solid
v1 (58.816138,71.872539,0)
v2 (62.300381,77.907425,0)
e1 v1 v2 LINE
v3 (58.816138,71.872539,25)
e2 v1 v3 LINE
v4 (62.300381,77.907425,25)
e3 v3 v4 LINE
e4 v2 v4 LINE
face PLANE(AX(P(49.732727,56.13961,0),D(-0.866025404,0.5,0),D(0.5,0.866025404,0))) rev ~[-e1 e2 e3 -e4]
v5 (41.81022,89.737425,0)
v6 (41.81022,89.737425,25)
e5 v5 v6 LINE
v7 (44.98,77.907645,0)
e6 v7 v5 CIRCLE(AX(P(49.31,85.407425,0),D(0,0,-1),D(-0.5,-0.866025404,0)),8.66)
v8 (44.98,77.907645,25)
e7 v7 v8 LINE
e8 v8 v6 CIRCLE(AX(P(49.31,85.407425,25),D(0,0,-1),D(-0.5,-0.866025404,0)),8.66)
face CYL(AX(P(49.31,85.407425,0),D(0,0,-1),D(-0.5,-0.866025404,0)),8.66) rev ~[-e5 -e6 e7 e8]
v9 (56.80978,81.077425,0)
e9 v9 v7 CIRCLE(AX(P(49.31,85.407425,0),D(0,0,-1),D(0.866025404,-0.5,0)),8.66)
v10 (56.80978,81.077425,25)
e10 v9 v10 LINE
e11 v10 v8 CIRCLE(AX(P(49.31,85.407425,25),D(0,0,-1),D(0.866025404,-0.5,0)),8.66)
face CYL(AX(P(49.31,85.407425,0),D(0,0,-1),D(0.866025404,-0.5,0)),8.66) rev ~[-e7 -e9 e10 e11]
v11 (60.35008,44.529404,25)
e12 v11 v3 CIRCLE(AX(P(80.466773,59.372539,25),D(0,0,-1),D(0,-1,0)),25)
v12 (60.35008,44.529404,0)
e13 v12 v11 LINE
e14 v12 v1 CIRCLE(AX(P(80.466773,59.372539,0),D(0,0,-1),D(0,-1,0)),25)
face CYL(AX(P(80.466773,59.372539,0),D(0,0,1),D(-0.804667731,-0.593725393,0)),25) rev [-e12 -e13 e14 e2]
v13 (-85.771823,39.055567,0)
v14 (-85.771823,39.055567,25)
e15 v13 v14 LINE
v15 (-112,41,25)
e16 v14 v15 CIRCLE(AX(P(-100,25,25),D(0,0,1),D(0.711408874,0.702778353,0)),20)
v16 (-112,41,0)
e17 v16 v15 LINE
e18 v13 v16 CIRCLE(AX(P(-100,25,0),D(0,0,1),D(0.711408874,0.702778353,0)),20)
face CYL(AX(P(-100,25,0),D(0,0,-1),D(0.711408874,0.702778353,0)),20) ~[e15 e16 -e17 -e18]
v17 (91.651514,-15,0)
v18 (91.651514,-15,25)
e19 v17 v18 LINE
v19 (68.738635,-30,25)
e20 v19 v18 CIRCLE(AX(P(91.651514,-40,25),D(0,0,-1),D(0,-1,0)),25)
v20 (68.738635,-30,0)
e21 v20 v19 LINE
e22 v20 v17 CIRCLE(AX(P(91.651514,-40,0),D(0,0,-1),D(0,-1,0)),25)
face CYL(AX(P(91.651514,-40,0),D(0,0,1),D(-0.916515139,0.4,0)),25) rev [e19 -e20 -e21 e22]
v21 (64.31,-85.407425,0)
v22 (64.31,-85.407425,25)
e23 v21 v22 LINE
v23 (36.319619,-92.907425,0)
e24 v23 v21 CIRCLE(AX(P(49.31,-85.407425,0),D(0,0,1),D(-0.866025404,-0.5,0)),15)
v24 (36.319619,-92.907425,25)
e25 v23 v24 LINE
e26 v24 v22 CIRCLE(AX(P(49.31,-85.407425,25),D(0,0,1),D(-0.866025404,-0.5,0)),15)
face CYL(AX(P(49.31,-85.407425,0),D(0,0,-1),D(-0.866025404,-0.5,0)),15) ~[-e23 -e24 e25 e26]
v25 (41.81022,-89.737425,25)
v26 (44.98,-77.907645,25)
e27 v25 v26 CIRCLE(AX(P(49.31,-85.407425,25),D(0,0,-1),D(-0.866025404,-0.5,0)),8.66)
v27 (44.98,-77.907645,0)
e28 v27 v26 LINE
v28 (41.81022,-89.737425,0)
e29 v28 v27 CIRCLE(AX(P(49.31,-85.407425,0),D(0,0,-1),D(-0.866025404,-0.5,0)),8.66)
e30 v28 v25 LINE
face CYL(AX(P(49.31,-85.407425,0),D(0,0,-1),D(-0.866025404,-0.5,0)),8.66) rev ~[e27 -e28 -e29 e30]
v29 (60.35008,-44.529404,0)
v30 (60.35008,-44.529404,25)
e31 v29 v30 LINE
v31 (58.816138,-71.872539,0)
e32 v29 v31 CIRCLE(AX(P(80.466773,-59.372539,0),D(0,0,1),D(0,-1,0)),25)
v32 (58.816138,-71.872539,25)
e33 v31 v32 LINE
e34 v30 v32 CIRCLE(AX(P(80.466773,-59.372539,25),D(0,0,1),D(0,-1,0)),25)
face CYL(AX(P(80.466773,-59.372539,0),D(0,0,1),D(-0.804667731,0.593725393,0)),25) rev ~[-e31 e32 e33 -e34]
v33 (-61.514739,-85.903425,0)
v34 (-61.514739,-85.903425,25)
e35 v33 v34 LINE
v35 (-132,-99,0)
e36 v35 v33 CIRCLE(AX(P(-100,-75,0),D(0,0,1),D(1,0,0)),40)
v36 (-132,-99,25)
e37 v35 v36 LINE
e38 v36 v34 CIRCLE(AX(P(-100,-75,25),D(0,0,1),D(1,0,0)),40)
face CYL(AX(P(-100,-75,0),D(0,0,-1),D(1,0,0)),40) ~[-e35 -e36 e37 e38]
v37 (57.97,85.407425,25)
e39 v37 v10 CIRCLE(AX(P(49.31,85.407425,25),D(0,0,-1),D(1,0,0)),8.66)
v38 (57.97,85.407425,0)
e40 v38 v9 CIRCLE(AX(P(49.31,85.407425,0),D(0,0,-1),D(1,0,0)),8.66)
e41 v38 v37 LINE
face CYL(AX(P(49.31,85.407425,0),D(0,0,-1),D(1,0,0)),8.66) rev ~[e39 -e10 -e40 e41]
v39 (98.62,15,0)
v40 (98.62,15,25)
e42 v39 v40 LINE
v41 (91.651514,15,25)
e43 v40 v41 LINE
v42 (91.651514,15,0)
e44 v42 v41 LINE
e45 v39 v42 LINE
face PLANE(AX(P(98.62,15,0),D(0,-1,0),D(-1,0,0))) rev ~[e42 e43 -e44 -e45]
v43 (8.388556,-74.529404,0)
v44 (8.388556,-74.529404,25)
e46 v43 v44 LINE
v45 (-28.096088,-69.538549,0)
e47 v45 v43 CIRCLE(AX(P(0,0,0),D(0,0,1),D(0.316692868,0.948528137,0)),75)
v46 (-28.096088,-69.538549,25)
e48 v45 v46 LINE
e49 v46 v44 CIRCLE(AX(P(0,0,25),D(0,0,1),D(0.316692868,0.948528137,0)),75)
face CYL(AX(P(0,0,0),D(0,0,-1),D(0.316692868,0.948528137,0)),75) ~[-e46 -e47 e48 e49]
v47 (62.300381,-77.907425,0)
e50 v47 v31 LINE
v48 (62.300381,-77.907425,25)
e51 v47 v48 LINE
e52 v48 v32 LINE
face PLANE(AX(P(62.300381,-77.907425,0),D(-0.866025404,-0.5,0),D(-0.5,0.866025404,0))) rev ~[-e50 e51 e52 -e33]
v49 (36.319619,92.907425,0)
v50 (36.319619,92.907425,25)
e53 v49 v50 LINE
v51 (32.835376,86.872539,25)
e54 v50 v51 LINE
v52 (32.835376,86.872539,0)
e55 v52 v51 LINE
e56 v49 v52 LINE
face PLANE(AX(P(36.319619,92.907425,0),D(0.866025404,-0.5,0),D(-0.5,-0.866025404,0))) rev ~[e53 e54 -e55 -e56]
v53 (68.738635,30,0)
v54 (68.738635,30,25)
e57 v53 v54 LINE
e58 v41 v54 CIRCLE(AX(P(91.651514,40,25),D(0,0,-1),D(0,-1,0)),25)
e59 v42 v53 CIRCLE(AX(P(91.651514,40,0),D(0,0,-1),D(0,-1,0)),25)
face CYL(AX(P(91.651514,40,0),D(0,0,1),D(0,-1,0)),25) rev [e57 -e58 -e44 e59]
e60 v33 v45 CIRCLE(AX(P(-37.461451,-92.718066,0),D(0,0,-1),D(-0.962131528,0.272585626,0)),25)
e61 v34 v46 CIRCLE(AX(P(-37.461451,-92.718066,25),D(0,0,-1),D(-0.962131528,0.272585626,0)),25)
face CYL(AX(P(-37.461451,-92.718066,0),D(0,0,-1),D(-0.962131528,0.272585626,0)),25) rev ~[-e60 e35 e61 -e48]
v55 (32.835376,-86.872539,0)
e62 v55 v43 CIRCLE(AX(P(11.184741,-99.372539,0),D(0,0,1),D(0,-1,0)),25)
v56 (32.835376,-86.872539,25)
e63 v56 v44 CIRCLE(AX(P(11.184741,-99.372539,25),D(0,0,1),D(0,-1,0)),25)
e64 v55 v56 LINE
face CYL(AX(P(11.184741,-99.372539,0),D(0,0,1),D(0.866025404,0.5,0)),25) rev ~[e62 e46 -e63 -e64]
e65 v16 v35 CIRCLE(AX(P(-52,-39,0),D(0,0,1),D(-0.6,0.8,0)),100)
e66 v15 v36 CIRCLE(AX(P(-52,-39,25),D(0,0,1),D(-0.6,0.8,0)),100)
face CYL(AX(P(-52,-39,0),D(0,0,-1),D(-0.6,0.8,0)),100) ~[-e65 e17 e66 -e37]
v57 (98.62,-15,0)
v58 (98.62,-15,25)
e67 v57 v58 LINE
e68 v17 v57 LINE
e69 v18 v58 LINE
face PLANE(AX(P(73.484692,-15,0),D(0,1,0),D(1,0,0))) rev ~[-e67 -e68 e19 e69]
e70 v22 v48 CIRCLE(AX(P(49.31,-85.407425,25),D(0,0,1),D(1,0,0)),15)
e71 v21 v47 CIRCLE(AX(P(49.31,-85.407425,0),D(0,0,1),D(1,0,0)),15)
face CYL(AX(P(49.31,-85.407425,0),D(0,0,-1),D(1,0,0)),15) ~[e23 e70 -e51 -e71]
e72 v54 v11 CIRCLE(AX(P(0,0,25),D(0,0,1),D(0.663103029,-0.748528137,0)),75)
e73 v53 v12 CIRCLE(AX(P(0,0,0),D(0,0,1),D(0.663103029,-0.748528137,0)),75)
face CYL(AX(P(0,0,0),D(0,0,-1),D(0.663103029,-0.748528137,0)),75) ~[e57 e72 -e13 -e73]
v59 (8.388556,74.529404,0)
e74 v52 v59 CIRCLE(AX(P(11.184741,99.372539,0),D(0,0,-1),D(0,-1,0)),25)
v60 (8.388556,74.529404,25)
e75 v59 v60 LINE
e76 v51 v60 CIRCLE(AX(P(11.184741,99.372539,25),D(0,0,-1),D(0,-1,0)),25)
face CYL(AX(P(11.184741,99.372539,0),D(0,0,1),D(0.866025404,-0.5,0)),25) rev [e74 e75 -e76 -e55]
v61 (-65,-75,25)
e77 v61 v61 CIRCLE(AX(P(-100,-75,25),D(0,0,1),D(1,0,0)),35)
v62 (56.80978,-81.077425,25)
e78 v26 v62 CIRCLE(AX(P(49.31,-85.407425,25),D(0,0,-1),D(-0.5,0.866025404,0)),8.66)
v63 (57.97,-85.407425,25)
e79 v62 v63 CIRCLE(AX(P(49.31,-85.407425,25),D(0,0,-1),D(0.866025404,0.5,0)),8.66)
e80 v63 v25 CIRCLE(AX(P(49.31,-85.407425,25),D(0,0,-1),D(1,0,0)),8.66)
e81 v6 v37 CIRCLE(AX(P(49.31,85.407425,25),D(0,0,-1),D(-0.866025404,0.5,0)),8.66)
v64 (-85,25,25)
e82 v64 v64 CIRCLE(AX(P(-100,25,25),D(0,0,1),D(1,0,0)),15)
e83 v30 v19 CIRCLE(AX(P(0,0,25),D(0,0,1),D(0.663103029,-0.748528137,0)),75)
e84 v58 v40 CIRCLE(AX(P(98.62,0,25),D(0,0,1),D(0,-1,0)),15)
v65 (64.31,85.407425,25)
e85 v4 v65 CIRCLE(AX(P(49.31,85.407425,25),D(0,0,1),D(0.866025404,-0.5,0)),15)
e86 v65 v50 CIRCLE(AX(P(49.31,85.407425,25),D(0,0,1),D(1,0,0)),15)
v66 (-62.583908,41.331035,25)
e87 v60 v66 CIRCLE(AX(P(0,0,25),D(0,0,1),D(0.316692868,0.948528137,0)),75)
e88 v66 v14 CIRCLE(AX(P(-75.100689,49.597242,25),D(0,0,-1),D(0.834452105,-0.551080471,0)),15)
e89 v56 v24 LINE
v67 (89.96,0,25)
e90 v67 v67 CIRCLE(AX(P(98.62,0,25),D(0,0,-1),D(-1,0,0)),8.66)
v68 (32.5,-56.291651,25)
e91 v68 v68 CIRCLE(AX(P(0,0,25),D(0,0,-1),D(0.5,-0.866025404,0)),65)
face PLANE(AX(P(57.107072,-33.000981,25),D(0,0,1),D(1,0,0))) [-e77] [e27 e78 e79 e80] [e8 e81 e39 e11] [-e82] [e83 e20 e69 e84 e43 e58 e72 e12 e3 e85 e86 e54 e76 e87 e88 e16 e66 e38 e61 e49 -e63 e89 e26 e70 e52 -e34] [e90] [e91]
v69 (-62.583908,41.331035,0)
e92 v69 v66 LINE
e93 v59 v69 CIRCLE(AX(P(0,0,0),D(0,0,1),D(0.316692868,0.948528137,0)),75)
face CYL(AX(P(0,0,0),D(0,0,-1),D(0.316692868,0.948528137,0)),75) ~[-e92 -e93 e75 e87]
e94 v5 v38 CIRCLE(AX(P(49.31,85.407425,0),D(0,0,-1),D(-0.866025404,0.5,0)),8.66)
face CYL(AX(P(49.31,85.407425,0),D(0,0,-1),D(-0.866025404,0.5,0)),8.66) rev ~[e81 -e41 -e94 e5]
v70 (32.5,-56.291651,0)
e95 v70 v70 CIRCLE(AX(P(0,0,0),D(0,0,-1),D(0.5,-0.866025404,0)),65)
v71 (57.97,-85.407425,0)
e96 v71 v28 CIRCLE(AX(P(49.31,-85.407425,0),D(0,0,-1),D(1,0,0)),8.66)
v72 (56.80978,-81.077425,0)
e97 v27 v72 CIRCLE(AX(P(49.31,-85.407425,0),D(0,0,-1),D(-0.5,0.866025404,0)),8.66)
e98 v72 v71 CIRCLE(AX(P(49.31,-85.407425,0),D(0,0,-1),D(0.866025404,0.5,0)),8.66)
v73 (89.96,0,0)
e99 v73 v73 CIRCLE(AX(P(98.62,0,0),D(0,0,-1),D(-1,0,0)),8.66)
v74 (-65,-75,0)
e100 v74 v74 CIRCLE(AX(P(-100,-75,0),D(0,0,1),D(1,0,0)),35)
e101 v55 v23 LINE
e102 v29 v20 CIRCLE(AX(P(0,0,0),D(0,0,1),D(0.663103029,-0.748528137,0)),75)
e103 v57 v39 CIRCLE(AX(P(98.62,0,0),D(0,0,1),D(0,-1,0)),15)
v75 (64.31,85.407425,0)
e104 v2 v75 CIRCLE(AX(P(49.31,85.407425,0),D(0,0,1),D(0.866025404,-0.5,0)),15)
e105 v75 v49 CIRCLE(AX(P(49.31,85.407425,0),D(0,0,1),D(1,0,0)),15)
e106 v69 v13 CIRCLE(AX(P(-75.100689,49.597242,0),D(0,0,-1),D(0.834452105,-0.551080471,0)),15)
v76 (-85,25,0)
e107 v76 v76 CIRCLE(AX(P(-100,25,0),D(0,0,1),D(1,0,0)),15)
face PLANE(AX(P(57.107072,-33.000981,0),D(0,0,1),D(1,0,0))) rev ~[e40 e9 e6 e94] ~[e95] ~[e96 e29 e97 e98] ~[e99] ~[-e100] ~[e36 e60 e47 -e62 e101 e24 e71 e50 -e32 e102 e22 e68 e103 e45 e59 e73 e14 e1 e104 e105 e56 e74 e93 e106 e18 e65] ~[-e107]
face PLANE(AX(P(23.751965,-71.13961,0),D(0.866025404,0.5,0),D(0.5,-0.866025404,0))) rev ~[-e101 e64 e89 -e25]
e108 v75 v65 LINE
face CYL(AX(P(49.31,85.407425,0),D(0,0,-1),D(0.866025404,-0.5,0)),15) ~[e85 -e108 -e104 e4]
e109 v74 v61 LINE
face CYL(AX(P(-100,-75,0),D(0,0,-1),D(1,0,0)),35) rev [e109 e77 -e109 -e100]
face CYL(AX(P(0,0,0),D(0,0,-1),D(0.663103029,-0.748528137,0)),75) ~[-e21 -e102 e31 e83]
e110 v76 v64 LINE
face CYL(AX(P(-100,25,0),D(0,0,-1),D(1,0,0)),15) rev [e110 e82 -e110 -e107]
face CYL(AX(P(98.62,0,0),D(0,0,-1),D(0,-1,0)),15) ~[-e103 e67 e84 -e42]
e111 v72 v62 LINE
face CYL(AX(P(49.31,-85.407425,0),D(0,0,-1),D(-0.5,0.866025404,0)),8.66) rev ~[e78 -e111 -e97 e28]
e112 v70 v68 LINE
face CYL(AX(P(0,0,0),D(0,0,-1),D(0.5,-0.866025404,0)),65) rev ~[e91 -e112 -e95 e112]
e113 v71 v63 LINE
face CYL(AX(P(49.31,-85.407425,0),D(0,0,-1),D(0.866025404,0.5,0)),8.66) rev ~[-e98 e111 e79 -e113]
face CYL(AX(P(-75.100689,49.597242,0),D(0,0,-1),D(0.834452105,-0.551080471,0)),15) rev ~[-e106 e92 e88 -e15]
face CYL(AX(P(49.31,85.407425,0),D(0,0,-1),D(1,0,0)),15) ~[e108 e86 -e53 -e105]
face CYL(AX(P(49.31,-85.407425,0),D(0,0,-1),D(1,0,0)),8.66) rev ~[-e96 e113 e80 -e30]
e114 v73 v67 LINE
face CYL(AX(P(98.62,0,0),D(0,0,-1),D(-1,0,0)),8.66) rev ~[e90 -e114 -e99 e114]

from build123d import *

# Parameters (mm, degrees)
F0_R     = 15
F0_R_2   = 35
F1_DEPTH = 25
F2_R     = 25


with BuildPart() as f1:
    # F0 (on Top) → F1 (new body)
    with BuildSketch(Plane.XY):
        with BuildLine():
            Line((75, 0), (65, 0))
            ThreePointArc((65, 0), (56.291651246, -32.5), (32.5, -56.291651246))
            Line((32.5, -56.291651246), (37.5, -64.9519052838))
            ThreePointArc((37.5, -64.9519052838), (43.838354318, -60.8539126983), (49.7327271985, -56.1396103068))
            ThreePointArc((49.7327271985, -56.1396103068), (64.9519052838, -37.5), (73.4846922835, -15))
            ThreePointArc((73.4846922835, -15), (74.6202114754, -7.5381721504), (75, 0))
        make_face()
        with BuildLine():
            ThreePointArc((32.5, 56.291651246), (56.291651246, 32.5), (65, 0))
            Line((65, 0), (75, 0))
            ThreePointArc((75, 0), (74.6202114754, 7.5381721504), (73.4846922835, 15))
            ThreePointArc((73.4846922835, 15), (64.9519052838, 37.5), (49.7327271985, 56.1396103068))
            ThreePointArc((49.7327271985, 56.1396103068), (43.838354318, 60.8539126983), (37.5, 64.9519052838))
            Line((37.5, 64.9519052838), (32.5, 56.291651246))
        make_face()
        with BuildLine():
            ThreePointArc((-65, 0), (-32.5, 56.291651246), (32.5, 56.291651246))
            Line((32.5, 56.291651246), (37.5, 64.9519052838))
            ThreePointArc((37.5, 64.9519052838), (30.7818571574, 68.3920848486), (23.751965085, 71.1396103068))
            ThreePointArc((23.751965085, 71.1396103068), (-24.4768815504, 70.8934571704), (-62.5839078402, 41.3310353058))
            ThreePointArc((-62.5839078402, 41.3310353058), (-71.8289394604, 21.5778464169), (-75, 0))
            Line((-75, 0), (-65, 0))
        make_face()
        with BuildLine():
            Line((37.5, -64.9519052838), (32.5, -56.291651246))
            ThreePointArc((32.5, -56.291651246), (-32.5, -56.291651246), (-65, 0))
            Line((-65, 0), (-75, 0))
            ThreePointArc((-75, 0), (-62.1779969221, -41.9392024096), (-28.0960880332, -69.5385492891))
            ThreePointArc((-28.0960880332, -69.5385492891), (-2.3148866372, -74.96426682), (23.751965085, -71.1396103068))
            ThreePointArc((23.751965085, -71.1396103068), (30.7818571574, -68.3920848486), (37.5, -64.9519052838))
        make_face()
        with BuildLine():
            Line((83.62, 0), (75, 0))
            ThreePointArc((75, 0), (74.6202114754, -7.5381721504), (73.4846922835, -15))
            Line((73.4846922835, -15), (98.62, -15))
            ThreePointArc((98.62, -15), (88.0133982822, -10.6066017178), (83.62, 0))
        make_face()
        with BuildLine():
            ThreePointArc((73.4846922835, 15), (74.6202114754, 7.5381721504), (75, 0))
            Line((75, 0), (83.62, 0))
            ThreePointArc((83.62, 0), (88.0133982822, 10.6066017178), (98.62, 15))
            Line((98.62, 15), (73.4846922835, 15))
        make_face()
        with BuildLine():
            Line((41.81, 72.4170442645), (37.5, 64.9519052838))
            ThreePointArc((37.5, 64.9519052838), (43.838354318, 60.8539126983), (49.7327271985, 56.1396103068))
            Line((49.7327271985, 56.1396103068), (62.3003810568, 77.9074253212))
            ThreePointArc((62.3003810568, 77.9074253212), (53.1922856765, 70.9185379269), (41.81, 72.4170442645))
        make_face()
        with BuildLine():
            ThreePointArc((23.751965085, 71.1396103068), (30.7818571574, 68.3920848486), (37.5, 64.9519052838))
            Line((37.5, 64.9519052838), (41.81, 72.4170442645))
            ThreePointArc((41.81, 72.4170442645), (34.8211126057, 81.5251396447), (36.3196189432, 92.9074253212))
            Line((36.3196189432, 92.9074253212), (23.751965085, 71.1396103068))
        make_face()
        with BuildLine():
            Line((41.81, -72.4170442645), (37.5, -64.9519052838))
            ThreePointArc((37.5, -64.9519052838), (30.7818571574, -68.3920848486), (23.751965085, -71.1396103068))
            Line((23.751965085, -71.1396103068), (36.3196189432, -92.9074253212))
            ThreePointArc((36.3196189432, -92.9074253212), (34.8211126057, -81.5251396447), (41.81, -72.4170442645))
        make_face()
        with BuildLine():
            ThreePointArc((49.7327271985, -56.1396103068), (43.838354318, -60.8539126983), (37.5, -64.9519052838))
            Line((37.5, -64.9519052838), (41.81, -72.4170442645))
            ThreePointArc((41.81, -72.4170442645), (53.1922856765, -70.9185379269), (62.3003810568, -77.9074253212))
            Line((62.3003810568, -77.9074253212), (49.7327271985, -56.1396103068))
        make_face()
        with BuildLine():
            ThreePointArc((98.62, 15), (88.0133982822, 10.6066017178), (83.62, 0))
            ThreePointArc((83.62, 0), (88.0133982822, -10.6066017178), (98.62, -15))
            ThreePointArc((98.62, -15), (109.2266017178, -10.6066017178), (113.62, 0))
            ThreePointArc((113.62, 0), (109.2266017178, 10.6066017178), (98.62, 15))
        make_face()
        with BuildLine():
            ThreePointArc((107.28, 0), (98.62, -8.66), (89.96, 0))
            ThreePointArc((89.96, 0), (98.62, 8.66), (107.28, 0))
        make_face(mode=Mode.SUBTRACT)
        with BuildLine():
            ThreePointArc((-28.0960880332, -69.5385492891), (-62.1779969221, -41.9392024096), (-75, 0))
            ThreePointArc((-75, 0), (-71.8289394604, 21.5778464169), (-62.5839078402, 41.3310353058))
            ThreePointArc((-62.5839078402, 41.3310353058), (-73.6357513606, 34.6689485422), (-85.771822519, 39.0555670668))
            ThreePointArc((-85.771822519, 39.0555670668), (-81.4991412413, 32.5972511601), (-80, 25))
            ThreePointArc((-80, 25), (-108.94427191, 7.11145618), (-112, 41))
            ThreePointArc((-112, 41), (-150.9949493661, -24.8578643763), (-132, -99))
            ThreePointArc((-132, -99), (-112.6491106407, -37.052668078), (-60, -75))
            ThreePointArc((-60, -75), (-60.3804944248, -80.5040692202), (-61.514738899, -85.9034250577))
            ThreePointArc((-61.514738899, -85.9034250577), (-48.4562712497, -70.2655843121), (-28.0960880332, -69.5385492891))
        make_face()
        with BuildLine():
            ThreePointArc((36.3196189432, 92.9074253212), (34.8211126057, 81.5251396447), (41.81, 72.4170442645))
            Line((41.81, 72.4170442645), (44.98, 77.9076453244))
            ThreePointArc((44.98, 77.9076453244), (40.9450823443, 83.1660523906), (41.8102200032, 89.7374253212))
            Line((41.8102200032, 89.7374253212), (36.3196189432, 92.9074253212))
        make_face()
        with BuildLine():
            Line((44.98, 77.9076453244), (41.81, 72.4170442645))
            ThreePointArc((41.81, 72.4170442645), (53.1922856765, 70.9185379269), (62.3003810568, 77.9074253212))
            Line((62.3003810568, 77.9074253212), (56.8097799968, 81.0774253212))
            ThreePointArc((56.8097799968, 81.0774253212), (51.5513729306, 77.0425076656), (44.98, 77.9076453244))
        make_face()
        with BuildLine():
            ThreePointArc((62.3003810568, -77.9074253212), (53.1922856765, -70.9185379269), (41.81, -72.4170442645))
            Line((41.81, -72.4170442645), (44.98, -77.9076453244))
            ThreePointArc((44.98, -77.9076453244), (51.5513729306, -77.0425076656), (56.8097799968, -81.0774253212))
            Line((56.8097799968, -81.0774253212), (62.3003810568, -77.9074253212))
        make_face()
        with BuildLine():
            Line((44.98, -77.9076453244), (41.81, -72.4170442645))
            ThreePointArc((41.81, -72.4170442645), (34.8211126057, -81.5251396447), (36.3196189432, -92.9074253212))
            Line((36.3196189432, -92.9074253212), (41.8102200032, -89.7374253212))
            ThreePointArc((41.8102200032, -89.7374253212), (40.9450823443, -83.1660523906), (44.98, -77.9076453244))
        make_face()
        with BuildLine():
            Line((56.8097799968, 81.0774253212), (62.3003810568, 77.9074253212))
            ThreePointArc((62.3003810568, 77.9074253212), (63.7988873943, 81.5251396447), (64.31, 85.4074253212))
            ThreePointArc((64.31, 85.4074253212), (53.1922856765, 99.8963127156), (36.3196189432, 92.9074253212))
            Line((36.3196189432, 92.9074253212), (41.8102200032, 89.7374253212))
            ThreePointArc((41.8102200032, 89.7374253212), (51.5513729306, 93.7723429769), (57.97, 85.4074253212))
            ThreePointArc((57.97, 85.4074253212), (57.6749176557, 83.1660523906), (56.8097799968, 81.0774253212))
        make_face()
        with BuildLine():
            Line((41.8102200032, -89.7374253212), (36.3196189432, -92.9074253212))
            ThreePointArc((36.3196189432, -92.9074253212), (53.1922856765, -99.8963127156), (64.31, -85.4074253212))
            ThreePointArc((64.31, -85.4074253212), (63.7988873943, -81.5251396447), (62.3003810568, -77.9074253212))
            Line((62.3003810568, -77.9074253212), (56.8097799968, -81.0774253212))
            ThreePointArc((56.8097799968, -81.0774253212), (57.6749176557, -83.1660523906), (57.97, -85.4074253212))
            ThreePointArc((57.97, -85.4074253212), (51.5513729306, -93.7723429769), (41.8102200032, -89.7374253212))
        make_face()
        with BuildLine():
            ThreePointArc((-80, 25), (-81.4991412413, 32.5972511601), (-85.771822519, 39.0555670668))
            ThreePointArc((-85.771822519, 39.0555670668), (-98.5213524492, 44.9452651379), (-112, 41))
            ThreePointArc((-112, 41), (-108.94427191, 7.11145618), (-80, 25))
        make_face()
        with Locations((-100, 25)):
            Circle(F0_R, mode=Mode.SUBTRACT)
        with BuildLine():
            ThreePointArc((-132, -99), (-92.6928308018, -114.3269027297), (-61.514738899, -85.9034250577))
            ThreePointArc((-61.514738899, -85.9034250577), (-60.3804944248, -80.5040692202), (-60, -75))
            ThreePointArc((-60, -75), (-112.6491106407, -37.052668078), (-132, -99))
        make_face()
        with Locations((-100, -75)):
            Circle(F0_R_2, mode=Mode.SUBTRACT)
    extrude(amount=F1_DEPTH)

    # F2
    f2_edges = [f1.edges().sort_by_distance(p)[0] for p in [
        (49.732727, -56.13961, 12.5),
        (73.484692, -15, 12.5),
        (23.751965, -71.13961, 12.5),
        (73.484692, 15, 12.5),
        (49.732727, 56.13961, 12.5),
        (23.751965, 71.13961, 12.5),
    ]]
    fillet(f2_edges, radius=F2_R)


solid = f1.part
